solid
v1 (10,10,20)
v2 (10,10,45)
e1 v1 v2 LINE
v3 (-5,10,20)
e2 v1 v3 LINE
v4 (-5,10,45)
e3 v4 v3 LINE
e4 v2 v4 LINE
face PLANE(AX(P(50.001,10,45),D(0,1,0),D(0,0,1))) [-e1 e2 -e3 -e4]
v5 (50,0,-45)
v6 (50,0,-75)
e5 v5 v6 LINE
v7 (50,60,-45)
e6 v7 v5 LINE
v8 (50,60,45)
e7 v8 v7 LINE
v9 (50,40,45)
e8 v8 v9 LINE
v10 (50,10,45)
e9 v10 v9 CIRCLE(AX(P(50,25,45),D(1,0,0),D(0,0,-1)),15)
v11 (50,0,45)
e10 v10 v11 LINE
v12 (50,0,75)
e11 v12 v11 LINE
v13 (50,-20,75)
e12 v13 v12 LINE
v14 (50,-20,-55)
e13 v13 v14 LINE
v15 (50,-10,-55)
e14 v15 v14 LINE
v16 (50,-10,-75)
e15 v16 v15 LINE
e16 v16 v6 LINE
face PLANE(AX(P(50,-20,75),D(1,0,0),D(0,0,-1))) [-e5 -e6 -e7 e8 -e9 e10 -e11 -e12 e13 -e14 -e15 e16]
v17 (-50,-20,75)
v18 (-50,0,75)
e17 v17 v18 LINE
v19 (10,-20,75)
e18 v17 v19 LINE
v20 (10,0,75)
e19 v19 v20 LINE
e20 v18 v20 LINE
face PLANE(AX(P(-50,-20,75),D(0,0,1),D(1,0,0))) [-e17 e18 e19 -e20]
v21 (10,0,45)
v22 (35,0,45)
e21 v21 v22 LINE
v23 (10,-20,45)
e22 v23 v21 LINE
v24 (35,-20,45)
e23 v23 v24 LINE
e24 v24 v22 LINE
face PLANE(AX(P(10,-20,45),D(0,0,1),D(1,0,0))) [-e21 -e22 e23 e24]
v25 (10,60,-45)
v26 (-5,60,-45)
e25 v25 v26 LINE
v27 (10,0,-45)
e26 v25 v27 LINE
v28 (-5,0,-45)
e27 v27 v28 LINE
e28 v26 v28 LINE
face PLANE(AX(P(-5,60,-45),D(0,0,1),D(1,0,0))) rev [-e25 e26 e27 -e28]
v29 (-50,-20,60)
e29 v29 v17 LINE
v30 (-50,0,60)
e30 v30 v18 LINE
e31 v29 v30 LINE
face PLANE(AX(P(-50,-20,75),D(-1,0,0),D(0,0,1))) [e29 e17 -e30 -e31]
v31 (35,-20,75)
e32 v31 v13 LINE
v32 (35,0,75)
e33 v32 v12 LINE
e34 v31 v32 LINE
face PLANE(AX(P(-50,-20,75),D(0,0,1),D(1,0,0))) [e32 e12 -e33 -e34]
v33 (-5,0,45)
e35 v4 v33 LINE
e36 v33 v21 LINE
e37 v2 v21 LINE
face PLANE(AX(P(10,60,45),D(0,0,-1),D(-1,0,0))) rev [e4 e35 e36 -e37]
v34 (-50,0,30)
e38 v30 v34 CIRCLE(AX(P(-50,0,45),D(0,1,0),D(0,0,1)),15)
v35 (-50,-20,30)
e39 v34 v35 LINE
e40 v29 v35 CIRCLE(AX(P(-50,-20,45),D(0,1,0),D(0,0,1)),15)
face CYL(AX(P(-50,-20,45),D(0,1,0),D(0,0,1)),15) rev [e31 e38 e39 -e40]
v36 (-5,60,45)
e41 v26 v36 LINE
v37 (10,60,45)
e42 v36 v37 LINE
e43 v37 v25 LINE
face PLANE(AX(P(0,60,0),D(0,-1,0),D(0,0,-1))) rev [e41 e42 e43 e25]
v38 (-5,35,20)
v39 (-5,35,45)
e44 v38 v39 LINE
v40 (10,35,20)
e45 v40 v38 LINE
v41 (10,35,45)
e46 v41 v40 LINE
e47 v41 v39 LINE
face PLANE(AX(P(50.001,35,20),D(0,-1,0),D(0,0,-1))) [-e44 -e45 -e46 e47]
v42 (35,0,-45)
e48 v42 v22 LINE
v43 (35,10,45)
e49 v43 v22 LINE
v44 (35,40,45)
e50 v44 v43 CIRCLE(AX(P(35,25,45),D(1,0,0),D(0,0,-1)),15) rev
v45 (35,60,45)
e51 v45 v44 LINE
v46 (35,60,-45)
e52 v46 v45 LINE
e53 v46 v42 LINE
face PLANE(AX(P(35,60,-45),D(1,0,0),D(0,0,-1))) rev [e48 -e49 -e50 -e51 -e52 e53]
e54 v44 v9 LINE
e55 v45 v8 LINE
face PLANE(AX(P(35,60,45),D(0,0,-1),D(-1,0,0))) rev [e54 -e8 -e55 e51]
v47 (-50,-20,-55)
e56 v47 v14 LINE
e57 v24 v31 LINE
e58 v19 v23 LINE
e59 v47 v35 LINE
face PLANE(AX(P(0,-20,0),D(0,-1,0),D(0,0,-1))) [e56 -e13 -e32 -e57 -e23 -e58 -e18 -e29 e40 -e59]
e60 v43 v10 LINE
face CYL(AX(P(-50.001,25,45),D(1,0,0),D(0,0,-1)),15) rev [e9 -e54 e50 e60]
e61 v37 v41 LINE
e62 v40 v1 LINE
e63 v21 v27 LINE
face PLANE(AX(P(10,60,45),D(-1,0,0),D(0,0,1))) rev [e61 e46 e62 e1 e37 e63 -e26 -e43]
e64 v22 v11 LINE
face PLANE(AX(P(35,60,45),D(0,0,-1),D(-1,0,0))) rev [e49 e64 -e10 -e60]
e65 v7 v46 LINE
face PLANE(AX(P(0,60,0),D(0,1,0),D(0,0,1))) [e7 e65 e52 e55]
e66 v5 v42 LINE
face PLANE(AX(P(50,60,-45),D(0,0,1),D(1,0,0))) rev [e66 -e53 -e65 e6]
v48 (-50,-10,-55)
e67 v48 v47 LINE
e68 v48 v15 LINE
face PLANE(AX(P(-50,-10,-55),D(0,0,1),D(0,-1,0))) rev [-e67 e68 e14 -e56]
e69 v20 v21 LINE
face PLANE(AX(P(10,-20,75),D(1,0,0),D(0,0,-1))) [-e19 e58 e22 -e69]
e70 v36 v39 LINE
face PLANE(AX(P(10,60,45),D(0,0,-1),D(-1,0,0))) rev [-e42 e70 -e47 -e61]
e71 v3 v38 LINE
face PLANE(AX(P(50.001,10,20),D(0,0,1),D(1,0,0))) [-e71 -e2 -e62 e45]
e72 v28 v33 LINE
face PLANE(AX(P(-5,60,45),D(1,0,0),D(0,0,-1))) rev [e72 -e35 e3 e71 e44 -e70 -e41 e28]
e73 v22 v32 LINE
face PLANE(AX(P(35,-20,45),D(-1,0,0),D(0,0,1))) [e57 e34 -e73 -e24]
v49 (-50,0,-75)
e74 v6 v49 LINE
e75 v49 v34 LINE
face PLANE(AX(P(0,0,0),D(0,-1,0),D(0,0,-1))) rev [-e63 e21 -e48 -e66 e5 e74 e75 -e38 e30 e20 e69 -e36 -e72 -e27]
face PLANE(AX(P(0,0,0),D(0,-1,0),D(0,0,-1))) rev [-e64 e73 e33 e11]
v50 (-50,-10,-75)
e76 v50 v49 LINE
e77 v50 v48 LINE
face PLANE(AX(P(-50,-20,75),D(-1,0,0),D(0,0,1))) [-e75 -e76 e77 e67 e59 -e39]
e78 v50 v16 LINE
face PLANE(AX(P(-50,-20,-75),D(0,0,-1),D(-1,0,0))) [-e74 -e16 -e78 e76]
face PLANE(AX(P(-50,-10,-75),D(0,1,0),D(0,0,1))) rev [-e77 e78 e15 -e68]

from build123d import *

# Parameters (mm, degrees)
SKETCH_1_W          = 100
SKETCH_1_H          = 150
EXTRUDE_1_DEPTH     = 20
SKETCH_2_R          = 15
CUT_EXTRUDE_1_DEPTH = 20
SKETCH_3_W          = 25
SKETCH_3_H          = 30
CUT_EXTRUDE_2_DEPTH = 20
SKETCH_4_W          = 15
SKETCH_4_H          = 90
EXTRUDE_2_DEPTH     = 60
SKETCH_6_W          = 15
SKETCH_6_H          = 90
EXTRUDE_3_DEPTH     = 60
CUT_EXTRUDE_3_REACH = 140.654
CUT_EXTRUDE_4_REACH = 112.68
SKETCH_9_W          = 25
SKETCH_9_H          = 25
SKETCH_10_W         = 20
SKETCH_10_H         = 10
CUT_EXTRUDE_5_DEPTH = 139.654246239


with BuildPart() as part:
    # Эскиз1 → Бобышка-Вытянуть1 (new body)
    with BuildSketch(Plane(origin=(0, 0, 0), x_dir=(1, 0, 0), z_dir=(0, 1, 0))):
        Rectangle(SKETCH_1_W, SKETCH_1_H)
    extrude(amount=-EXTRUDE_1_DEPTH)

    # Эскиз2 → Вырез-Вытянуть1 (cut)
    with BuildSketch(Plane(origin=(0, 0, 0), x_dir=(1, 0, 0), z_dir=(0, 1, 0))):
        with Locations((-50, -45)):
            Circle(SKETCH_2_R)
    extrude(amount=-CUT_EXTRUDE_1_DEPTH, mode=Mode.SUBTRACT)

    # Эскиз3 → Вырез-Вытянуть2 (cut)
    with BuildSketch(Plane(origin=(0, 0, 0), x_dir=(1, 0, 0), z_dir=(0, 1, 0))):
        with Locations((22.5, -60)):
            Rectangle(SKETCH_3_W, SKETCH_3_H)
    extrude(amount=-CUT_EXTRUDE_2_DEPTH, mode=Mode.SUBTRACT)

    # Эскиз4 → Бобышка-Вытянуть2 (add)
    with BuildSketch(Plane(origin=(0, 0, 0), x_dir=(1, 0, 0), z_dir=(0, 1, 0))):
        with Locations((2.5, 0)):
            Rectangle(SKETCH_4_W, SKETCH_4_H)
    extrude(amount=EXTRUDE_2_DEPTH)

    # Эскиз6 → Бобышка-Вытянуть3 (add)
    with BuildSketch(Plane(origin=(0, 0, 0), x_dir=(1, 0, 0), z_dir=(0, 1, 0))):
        with Locations((42.5, 0)):
            Rectangle(SKETCH_6_W, SKETCH_6_H)
    extrude(amount=EXTRUDE_3_DEPTH)

    # Эскиз7 → Вырез-Вытянуть3 (cut, up to next)
    with BuildSketch(Plane(origin=(50, 0, 0), x_dir=(0, 0, -1), z_dir=(1, 0, 0)), mode=Mode.PRIVATE) as cut_extrude_3_sk1:
        with BuildLine():
            Line((-45, 40), (-45, 10))
            ThreePointArc((-45, 10), (-30, 25), (-45, 40))
        make_face()
    cut_extrude_3_tool1 = extrude(cut_extrude_3_sk1.sketch, amount=-CUT_EXTRUDE_3_REACH, mode=Mode.PRIVATE) & part.part
    add(cut_extrude_3_tool1.solids().sort_by_distance((50, 25, 38.633802))[0], mode=Mode.SUBTRACT)

    # Эскиз9 → Вырез-Вытянуть4 (cut, up to next)
    with BuildSketch(Plane.ZY.offset(5), mode=Mode.PRIVATE) as cut_extrude_4_sk1:
        with Locations((32.5, 22.5)):
            Rectangle(SKETCH_9_W, SKETCH_9_H)
    cut_extrude_4_tool1 = extrude(cut_extrude_4_sk1.sketch, amount=-CUT_EXTRUDE_4_REACH, mode=Mode.PRIVATE) & part.part
    add(cut_extrude_4_tool1.solids().sort_by_distance((-5, 22.5, 32.5))[0], mode=Mode.SUBTRACT)

    # Эскиз10 → Вырез-Вытянуть5 (cut, through all)
    with BuildSketch(Plane(origin=(50, 0, 0), x_dir=(0, 0, -1), z_dir=(1, 0, 0))):
        with Locations((65, -15)):
            Rectangle(SKETCH_10_W, SKETCH_10_H)
    extrude(amount=-CUT_EXTRUDE_5_DEPTH, mode=Mode.SUBTRACT)


solid = part.part
